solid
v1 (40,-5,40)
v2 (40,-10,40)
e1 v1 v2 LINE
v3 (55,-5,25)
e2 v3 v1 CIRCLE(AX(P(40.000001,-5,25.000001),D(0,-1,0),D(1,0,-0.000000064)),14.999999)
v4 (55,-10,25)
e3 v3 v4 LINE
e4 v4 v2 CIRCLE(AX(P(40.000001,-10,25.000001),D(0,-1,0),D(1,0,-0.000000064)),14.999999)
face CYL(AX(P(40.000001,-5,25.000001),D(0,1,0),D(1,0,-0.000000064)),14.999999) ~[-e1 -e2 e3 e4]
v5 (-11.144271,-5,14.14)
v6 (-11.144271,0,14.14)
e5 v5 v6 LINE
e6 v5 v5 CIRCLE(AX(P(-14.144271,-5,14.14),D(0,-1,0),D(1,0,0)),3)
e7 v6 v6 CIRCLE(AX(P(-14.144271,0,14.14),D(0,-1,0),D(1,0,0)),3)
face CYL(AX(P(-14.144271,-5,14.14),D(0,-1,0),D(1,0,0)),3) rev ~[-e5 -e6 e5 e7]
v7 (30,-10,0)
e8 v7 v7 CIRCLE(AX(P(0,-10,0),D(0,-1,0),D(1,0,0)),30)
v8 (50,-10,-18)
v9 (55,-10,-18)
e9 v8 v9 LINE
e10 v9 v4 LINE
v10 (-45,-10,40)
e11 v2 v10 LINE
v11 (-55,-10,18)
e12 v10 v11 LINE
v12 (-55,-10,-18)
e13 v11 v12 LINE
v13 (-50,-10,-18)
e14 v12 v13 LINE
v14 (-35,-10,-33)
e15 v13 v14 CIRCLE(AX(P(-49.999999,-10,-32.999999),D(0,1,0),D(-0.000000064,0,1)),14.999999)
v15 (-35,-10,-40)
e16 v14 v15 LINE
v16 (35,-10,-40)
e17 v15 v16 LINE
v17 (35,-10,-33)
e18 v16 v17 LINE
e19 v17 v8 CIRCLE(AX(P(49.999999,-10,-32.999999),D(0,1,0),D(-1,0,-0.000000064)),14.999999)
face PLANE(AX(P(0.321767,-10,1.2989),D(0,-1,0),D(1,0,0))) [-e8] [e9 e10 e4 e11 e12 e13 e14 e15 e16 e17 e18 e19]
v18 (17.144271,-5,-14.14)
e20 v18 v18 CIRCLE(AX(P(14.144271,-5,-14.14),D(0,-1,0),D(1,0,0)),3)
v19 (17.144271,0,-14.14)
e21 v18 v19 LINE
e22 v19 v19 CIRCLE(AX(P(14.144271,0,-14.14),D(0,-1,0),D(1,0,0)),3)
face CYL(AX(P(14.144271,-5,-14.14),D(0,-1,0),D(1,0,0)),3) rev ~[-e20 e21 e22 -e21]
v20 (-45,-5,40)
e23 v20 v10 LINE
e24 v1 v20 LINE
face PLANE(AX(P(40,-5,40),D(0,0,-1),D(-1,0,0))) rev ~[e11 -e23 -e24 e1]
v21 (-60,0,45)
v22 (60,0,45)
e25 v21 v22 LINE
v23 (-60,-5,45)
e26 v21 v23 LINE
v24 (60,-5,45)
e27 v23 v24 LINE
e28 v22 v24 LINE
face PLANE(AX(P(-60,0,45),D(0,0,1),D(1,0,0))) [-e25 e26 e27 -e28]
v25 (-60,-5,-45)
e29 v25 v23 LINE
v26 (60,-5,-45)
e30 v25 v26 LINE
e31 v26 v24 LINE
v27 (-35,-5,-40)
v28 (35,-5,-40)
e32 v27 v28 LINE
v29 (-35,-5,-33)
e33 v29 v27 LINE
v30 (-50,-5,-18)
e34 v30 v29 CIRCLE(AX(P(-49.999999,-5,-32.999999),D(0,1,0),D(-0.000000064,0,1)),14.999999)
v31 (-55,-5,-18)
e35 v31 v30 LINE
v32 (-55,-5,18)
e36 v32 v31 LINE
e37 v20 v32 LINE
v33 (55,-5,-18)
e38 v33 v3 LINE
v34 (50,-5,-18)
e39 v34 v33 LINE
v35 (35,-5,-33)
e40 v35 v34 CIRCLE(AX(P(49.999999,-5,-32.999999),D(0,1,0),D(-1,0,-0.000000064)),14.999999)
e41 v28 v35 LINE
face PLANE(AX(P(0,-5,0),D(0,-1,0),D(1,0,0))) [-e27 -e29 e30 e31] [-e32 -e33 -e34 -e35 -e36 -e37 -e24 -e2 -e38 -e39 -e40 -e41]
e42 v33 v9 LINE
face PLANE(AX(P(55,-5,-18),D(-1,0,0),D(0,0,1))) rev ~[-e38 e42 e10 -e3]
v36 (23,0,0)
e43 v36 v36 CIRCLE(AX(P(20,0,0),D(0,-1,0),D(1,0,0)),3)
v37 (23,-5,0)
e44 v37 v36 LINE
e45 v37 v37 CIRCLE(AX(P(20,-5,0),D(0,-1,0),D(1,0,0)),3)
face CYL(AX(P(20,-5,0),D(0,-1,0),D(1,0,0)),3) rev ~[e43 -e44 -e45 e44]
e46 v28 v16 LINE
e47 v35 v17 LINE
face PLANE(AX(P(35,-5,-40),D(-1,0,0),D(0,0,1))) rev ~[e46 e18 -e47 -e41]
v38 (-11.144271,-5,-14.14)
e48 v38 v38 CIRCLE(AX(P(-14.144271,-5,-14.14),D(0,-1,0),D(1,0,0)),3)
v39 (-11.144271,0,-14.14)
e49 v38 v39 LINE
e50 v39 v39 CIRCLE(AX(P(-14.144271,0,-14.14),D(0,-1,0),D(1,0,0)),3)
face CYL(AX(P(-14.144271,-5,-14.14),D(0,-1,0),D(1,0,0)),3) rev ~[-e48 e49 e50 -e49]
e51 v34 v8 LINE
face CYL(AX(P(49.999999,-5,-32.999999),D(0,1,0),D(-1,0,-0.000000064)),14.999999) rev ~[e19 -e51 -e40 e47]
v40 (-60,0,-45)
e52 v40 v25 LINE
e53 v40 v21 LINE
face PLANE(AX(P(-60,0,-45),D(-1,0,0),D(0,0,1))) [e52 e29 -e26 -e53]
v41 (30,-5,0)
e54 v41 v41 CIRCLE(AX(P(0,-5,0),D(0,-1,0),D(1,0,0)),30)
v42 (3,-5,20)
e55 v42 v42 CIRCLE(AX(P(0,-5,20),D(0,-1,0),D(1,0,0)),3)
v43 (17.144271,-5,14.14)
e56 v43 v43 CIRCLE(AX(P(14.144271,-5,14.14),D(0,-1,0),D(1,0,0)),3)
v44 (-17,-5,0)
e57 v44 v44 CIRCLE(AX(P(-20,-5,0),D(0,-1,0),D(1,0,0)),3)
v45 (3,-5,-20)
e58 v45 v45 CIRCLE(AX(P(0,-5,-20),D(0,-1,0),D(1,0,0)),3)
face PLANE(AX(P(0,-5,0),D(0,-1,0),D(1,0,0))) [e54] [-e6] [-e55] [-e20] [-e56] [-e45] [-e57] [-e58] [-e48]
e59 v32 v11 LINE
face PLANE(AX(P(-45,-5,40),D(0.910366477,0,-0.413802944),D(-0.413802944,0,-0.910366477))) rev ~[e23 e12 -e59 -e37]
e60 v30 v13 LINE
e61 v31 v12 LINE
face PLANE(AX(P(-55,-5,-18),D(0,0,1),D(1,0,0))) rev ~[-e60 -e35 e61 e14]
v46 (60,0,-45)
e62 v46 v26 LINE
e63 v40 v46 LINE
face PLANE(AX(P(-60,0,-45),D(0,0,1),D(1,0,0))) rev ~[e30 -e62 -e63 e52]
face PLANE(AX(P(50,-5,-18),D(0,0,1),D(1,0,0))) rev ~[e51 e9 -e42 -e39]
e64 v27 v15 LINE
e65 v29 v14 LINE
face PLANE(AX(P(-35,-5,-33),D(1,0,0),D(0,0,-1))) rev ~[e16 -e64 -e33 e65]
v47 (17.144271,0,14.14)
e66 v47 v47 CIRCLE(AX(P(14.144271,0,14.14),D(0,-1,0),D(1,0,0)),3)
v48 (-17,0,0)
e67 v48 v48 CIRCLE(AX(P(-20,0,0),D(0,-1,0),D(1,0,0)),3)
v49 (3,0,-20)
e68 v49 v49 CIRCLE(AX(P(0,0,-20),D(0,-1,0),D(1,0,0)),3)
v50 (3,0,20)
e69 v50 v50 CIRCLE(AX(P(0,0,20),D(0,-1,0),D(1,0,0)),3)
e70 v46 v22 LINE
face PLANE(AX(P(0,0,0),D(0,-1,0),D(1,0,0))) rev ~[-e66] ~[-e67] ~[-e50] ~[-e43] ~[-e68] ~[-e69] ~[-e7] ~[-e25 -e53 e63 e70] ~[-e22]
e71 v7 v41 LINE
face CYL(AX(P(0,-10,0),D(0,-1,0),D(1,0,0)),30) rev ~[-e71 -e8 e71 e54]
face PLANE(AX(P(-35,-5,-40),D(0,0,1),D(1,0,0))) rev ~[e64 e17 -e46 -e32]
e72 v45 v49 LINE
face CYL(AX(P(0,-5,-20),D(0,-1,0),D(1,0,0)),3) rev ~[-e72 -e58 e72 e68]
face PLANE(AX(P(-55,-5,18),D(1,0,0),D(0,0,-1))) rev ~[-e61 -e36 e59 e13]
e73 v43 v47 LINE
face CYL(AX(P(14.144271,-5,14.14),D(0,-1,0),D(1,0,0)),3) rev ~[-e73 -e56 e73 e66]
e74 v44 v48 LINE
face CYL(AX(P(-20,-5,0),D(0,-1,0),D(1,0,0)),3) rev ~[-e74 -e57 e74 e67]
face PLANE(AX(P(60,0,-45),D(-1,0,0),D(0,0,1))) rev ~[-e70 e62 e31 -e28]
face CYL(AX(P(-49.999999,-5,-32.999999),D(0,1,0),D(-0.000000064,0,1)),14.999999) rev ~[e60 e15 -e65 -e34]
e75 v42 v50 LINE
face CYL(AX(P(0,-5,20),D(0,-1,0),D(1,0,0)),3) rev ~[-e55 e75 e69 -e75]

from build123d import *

# Parameters (mm, degrees)
F0_W     = 120
F0_H     = 90
F1_DEPTH = 5
F3_DEPTH = 5
F4_R     = 30
F5_DEPTH = 5
F6_R     = 3
F7_DEPTH = 5


with BuildPart() as f1:
    # F0 (on Front) → F1 (new body)
    with BuildSketch(Plane.XZ):
        Rectangle(F0_W, F0_H)
    extrude(amount=F1_DEPTH)

    # F2 (on face) → F3 (join)
    with BuildSketch(Plane.XZ.offset(5)):
        with BuildLine():
            Line((-55, 18), (-55, -18))
            Line((-55, -18), (-50, -18))
            ThreePointArc((-50, -18), (-39.393398, -22.393398), (-35, -33))
            Line((-35, -33), (-35, -40))
            Line((-35, -40), (35, -40))
            Line((35, -40), (35, -33))
            ThreePointArc((35, -33), (39.393398, -22.393398), (50, -18))
            Line((50, -18), (55, -18))
            Line((55, -18), (55, 25))
            ThreePointArc((55, 25), (50.606602, 35.606602), (40, 40))
            Line((40, 40), (-45, 40))
            Line((-45, 40), (-55, 18))
        make_face()
    extrude(amount=F3_DEPTH)

    # F4 (on face) → F5 (cut)
    with BuildSketch(Plane.XZ.offset(10)):
        Circle(F4_R)
    extrude(amount=-F5_DEPTH, mode=Mode.SUBTRACT)

    # F6 (on face) → F7 (cut)
    with BuildSketch(Plane.XZ.offset(5)):
        with Locations((-14.144271, 14.14)):
            Circle(F6_R)
        with Locations((0, 20)):
            Circle(F6_R)
        with Locations((14.144271, 14.14)):
            Circle(F6_R)
        with Locations((20, 0)):
            Circle(F6_R)
        with Locations((14.144271, -14.14)):
            Circle(F6_R)
        with Locations((0, -20)):
            Circle(F6_R)
        with Locations((-14.144271, -14.14)):
            Circle(F6_R)
        with Locations((-20, 0)):
            Circle(F6_R)
    extrude(amount=-F7_DEPTH, mode=Mode.SUBTRACT)


solid = f1.part
